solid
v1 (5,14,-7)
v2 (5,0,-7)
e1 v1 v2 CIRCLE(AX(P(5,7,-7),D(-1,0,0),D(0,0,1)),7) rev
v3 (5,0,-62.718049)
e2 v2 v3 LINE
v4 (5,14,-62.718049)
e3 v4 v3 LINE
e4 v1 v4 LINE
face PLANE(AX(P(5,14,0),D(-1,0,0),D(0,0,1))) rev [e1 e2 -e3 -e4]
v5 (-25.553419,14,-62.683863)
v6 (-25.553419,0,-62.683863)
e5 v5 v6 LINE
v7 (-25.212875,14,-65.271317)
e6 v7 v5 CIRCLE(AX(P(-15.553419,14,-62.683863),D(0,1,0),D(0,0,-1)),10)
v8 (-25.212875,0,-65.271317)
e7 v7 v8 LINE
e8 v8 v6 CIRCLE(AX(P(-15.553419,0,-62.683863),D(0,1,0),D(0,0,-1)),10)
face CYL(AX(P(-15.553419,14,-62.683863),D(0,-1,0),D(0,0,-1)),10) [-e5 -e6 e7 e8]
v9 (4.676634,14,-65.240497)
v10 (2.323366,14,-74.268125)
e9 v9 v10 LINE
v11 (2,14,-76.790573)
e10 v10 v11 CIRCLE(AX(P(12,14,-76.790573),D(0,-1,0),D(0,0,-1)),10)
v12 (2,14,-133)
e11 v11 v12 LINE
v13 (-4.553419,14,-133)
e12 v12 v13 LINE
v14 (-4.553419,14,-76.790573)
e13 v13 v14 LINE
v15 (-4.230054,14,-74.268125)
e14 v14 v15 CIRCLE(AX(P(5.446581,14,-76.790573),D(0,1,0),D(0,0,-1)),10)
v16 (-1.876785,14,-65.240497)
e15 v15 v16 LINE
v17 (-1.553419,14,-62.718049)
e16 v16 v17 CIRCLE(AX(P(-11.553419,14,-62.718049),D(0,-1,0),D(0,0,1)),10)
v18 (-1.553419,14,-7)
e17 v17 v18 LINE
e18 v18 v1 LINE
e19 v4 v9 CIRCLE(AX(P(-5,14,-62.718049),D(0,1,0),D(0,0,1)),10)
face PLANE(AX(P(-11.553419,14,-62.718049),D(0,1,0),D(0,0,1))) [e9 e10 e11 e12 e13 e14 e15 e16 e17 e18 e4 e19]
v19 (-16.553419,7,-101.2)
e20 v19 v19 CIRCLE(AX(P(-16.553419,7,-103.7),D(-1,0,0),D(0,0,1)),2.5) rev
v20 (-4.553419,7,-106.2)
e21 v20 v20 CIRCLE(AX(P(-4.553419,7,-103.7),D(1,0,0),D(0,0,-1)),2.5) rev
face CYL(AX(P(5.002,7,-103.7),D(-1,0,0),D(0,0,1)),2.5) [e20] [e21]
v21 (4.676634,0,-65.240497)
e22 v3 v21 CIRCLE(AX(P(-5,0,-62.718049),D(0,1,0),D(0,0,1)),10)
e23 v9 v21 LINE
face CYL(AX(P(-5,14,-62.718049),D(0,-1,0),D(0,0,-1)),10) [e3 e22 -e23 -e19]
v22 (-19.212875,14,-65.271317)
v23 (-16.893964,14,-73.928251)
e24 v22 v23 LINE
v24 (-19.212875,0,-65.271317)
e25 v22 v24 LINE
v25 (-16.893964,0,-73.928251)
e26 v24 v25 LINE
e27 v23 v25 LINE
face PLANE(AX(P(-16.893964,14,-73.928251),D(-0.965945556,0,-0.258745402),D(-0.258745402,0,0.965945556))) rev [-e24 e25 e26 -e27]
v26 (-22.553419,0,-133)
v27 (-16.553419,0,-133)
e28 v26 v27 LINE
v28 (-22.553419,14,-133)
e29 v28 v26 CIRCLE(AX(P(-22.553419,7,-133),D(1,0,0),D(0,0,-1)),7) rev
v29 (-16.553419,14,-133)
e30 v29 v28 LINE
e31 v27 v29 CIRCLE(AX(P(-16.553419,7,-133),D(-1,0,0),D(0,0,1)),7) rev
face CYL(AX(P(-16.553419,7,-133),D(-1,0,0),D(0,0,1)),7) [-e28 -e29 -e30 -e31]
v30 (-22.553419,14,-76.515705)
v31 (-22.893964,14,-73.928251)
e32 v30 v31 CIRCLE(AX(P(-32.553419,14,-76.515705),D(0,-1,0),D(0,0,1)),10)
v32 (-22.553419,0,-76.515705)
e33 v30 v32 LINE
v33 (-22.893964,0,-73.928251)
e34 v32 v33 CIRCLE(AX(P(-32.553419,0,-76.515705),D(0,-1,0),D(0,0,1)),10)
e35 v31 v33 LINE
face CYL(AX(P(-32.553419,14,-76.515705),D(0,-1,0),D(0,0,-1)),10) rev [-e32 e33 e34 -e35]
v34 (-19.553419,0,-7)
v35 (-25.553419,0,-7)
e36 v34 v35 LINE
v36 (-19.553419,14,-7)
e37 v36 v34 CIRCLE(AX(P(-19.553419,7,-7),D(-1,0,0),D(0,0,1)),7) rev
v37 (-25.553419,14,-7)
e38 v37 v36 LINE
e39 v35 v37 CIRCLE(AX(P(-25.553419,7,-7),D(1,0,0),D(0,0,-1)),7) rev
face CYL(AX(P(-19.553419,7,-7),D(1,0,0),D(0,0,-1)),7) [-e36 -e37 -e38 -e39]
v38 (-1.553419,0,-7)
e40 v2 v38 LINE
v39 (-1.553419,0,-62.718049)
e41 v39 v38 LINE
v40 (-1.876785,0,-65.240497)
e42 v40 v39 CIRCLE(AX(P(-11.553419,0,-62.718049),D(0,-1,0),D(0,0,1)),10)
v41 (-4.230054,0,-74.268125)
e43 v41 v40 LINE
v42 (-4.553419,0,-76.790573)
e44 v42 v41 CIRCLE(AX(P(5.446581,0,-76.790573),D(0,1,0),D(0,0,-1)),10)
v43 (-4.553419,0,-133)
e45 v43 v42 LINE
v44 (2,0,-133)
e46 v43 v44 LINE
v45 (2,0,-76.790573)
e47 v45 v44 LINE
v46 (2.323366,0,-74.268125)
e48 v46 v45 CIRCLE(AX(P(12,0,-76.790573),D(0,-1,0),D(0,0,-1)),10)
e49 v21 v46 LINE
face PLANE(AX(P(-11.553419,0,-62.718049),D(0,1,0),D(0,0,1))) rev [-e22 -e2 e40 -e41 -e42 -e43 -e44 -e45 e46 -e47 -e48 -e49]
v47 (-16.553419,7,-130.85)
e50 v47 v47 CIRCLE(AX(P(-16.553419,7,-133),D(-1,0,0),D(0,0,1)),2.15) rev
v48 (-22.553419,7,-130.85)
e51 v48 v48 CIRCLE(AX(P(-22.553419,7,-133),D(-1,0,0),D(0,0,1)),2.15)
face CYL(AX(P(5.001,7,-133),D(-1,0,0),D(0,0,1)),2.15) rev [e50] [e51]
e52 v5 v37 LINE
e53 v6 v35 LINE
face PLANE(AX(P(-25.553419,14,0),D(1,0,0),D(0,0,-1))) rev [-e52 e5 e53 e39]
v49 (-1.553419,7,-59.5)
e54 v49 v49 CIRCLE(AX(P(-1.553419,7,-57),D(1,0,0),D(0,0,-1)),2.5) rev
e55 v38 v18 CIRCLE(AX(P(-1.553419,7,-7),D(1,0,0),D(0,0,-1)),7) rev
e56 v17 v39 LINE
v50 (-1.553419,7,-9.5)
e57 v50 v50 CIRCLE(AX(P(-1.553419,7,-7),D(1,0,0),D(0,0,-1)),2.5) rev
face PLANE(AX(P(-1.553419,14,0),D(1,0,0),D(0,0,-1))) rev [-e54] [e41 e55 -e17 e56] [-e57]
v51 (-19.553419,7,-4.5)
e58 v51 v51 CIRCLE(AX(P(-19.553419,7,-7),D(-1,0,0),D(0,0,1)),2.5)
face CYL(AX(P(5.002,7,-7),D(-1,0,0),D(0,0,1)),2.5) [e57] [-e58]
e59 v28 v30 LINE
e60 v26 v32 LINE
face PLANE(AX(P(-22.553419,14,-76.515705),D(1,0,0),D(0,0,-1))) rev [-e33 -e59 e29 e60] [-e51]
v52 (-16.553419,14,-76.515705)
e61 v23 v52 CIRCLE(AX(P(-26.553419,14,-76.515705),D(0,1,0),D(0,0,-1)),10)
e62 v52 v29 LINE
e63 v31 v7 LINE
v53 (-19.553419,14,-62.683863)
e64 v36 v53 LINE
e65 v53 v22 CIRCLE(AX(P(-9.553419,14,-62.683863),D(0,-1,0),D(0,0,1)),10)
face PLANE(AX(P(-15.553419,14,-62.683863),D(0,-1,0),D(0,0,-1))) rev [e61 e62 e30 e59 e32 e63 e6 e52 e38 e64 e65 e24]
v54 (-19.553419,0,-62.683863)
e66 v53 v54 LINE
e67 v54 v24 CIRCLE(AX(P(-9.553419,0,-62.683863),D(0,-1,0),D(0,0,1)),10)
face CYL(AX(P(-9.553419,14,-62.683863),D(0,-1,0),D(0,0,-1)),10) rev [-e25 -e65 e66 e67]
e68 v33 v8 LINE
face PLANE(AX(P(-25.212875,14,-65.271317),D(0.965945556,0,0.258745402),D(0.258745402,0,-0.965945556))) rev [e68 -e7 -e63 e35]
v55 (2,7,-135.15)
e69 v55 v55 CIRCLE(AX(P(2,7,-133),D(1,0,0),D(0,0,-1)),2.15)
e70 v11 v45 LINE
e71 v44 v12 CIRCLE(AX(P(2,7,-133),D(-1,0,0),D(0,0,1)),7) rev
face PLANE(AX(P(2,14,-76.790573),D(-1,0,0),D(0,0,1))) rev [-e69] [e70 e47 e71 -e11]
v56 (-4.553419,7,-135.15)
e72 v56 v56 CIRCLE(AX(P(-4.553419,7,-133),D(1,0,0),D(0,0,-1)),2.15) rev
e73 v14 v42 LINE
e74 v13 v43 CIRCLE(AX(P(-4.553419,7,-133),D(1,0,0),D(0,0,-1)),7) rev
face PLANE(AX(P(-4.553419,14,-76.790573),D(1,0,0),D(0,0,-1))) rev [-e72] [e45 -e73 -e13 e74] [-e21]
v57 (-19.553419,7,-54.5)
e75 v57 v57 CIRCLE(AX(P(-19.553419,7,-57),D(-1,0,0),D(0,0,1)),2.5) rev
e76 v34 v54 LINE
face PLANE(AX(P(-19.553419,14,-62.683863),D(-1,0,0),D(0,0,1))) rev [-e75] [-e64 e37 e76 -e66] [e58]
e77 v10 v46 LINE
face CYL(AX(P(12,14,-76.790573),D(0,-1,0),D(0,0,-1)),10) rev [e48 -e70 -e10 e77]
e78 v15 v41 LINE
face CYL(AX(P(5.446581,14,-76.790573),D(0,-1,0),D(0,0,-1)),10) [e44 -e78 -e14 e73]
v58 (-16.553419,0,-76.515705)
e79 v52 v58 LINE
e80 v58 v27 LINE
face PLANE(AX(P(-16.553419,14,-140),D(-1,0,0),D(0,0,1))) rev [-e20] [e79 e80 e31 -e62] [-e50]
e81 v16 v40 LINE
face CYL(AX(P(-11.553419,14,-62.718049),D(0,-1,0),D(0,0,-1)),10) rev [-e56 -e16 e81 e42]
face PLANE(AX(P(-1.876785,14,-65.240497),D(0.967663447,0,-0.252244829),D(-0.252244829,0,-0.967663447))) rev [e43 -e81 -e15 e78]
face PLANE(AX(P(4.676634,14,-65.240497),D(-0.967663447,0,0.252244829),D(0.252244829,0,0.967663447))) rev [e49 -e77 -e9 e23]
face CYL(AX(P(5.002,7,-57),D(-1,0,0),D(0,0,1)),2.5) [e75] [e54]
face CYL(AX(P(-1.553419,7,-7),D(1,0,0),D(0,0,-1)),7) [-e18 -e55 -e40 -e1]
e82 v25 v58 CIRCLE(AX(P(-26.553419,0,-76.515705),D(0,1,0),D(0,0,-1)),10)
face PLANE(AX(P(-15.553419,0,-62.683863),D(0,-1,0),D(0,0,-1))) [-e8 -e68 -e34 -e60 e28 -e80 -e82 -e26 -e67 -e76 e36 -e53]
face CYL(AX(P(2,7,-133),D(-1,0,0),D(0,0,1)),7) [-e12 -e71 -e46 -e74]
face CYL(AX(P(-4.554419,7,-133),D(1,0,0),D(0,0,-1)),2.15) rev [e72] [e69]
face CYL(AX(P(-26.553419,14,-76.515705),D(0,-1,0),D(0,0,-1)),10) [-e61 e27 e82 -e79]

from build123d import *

# Parameters (mm, degrees)
EXTRUDE_2_DEPTH     = 14
FILLET_1_RADIUS     = 7
FILLET_1_LENGTH     = 6.553419282
FILLET_2_RADIUS     = 7
FILLET_2_LENGTH     = 6.553419282
CUT_EXTRUDE_1_REACH = 142.851
SKETCH_2_R          = 2.15
EXTRUDE_3_DEPTH     = 14
FILLET_3_RADIUS     = 7
FILLET_3_LENGTH     = 6
FILLET_4_RADIUS     = 7
FILLET_4_LENGTH     = 6
EXTRUDE_5_REACH     = 144.825
SKETCH_8_R          = 2.5
CUT_EXTRUDE_5_REACH = 145.371
SKETCH_10_R         = 2.15
EXTRUDE_6_REACH     = 144.34
SKETCH_11_R         = 2.5


with BuildPart() as part:
    # 草图1 → 凸台-拉伸2 (new body)
    with BuildSketch(Plane(origin=(0, 0, 0), x_dir=(1, 0, 0), z_dir=(0, 1, 0))):
        with BuildLine():
            Line((5, 0), (5, 62.718048915))
            ThreePointArc((5, 62.718048915), (4.918829182, 63.989594298), (4.676634468, 65.240497206))
            Line((4.676634468, 65.240497206), (2.323365532, 74.268124597))
            ThreePointArc((2.323365532, 74.268124597), (2.081170818, 75.519027505), (2, 76.790572889))
            Line((2, 76.790572889), (2, 140))
            Line((2, 140), (-4.553419282, 140))
            Line((-4.553419282, 140), (-4.553419282, 76.790572889))
            ThreePointArc((-4.553419282, 76.790572889), (-4.472248464, 75.519027505), (-4.23005375, 74.268124597))
            Line((-4.23005375, 74.268124597), (-1.876784815, 65.240497206))
            ThreePointArc((-1.876784815, 65.240497206), (-1.6345901, 63.989594298), (-1.553419282, 62.718048915))
            Line((-1.553419282, 62.718048915), (-1.553419282, 0))
            Line((-1.553419282, 0), (5, 0))
        make_face()
    extrude(amount=EXTRUDE_2_DEPTH)

    # 圆角1: full round fillet: the end face becomes a half cylinder, R = half its width
    fillet_1_face = Plane((1.723290359, 7, 0), x_dir=(1, 0, 0), z_dir=(0, 0, 1))  # on the end face: x along it, z out of the body
    fillet_1_slab = fillet_1_face.offset(-FILLET_1_RADIUS / 2) * Box(FILLET_1_LENGTH, 2 * FILLET_1_RADIUS, FILLET_1_RADIUS, mode=Mode.PRIVATE)  # the body's end, R deep
    fillet_1_round = Plane((1.723290359, 7, -7), x_dir=(0, 0, 1), z_dir=(1, 0, 0)) * Cylinder(FILLET_1_RADIUS, FILLET_1_LENGTH, mode=Mode.PRIVATE)  # its axis R under the face
    add(fillet_1_slab - fillet_1_round, mode=Mode.SUBTRACT)

    # 圆角2: full round fillet: the end face becomes a half cylinder, R = half its width
    fillet_2_face = Plane((-1.276709641, 7, -140), x_dir=(-1, 0, 0), z_dir=(0, 0, -1))  # on the end face: x along it, z out of the body
    fillet_2_slab = fillet_2_face.offset(-FILLET_2_RADIUS / 2) * Box(FILLET_2_LENGTH, 2 * FILLET_2_RADIUS, FILLET_2_RADIUS, mode=Mode.PRIVATE)  # the body's end, R deep
    fillet_2_round = Plane((-1.276709641, 7, -133), x_dir=(0, 0, -1), z_dir=(-1, 0, 0)) * Cylinder(FILLET_2_RADIUS, FILLET_2_LENGTH, mode=Mode.PRIVATE)  # its axis R under the face
    add(fillet_2_slab - fillet_2_round, mode=Mode.SUBTRACT)

    # 草图2 → 切除-拉伸1 (cut, up to next)
    with BuildSketch(Plane(origin=(2, 0, 0), x_dir=(0, 0, -1), z_dir=(1, 0, 0)), mode=Mode.PRIVATE) as cut_extrude_1_sk1:
        with Locations((133, 7)):
            Circle(SKETCH_2_R)
    cut_extrude_1_tool1 = extrude(cut_extrude_1_sk1.sketch, amount=-CUT_EXTRUDE_1_REACH, mode=Mode.PRIVATE) & part.part
    add(cut_extrude_1_tool1.solids().sort_by_distance((2, 7, -133))[0], mode=Mode.SUBTRACT)

    # 草图8 → 凸台-拉伸5 (add, up to next)
    with BuildSketch(Plane(origin=(-19.553419282, 0, 0), x_dir=(0, 0, -1), z_dir=(1, 0, 0)), mode=Mode.PRIVATE) as extrude_5_sk1:
        with Locations(Location((7, 7, 0), (0, 0, 180))):
            Circle(SKETCH_8_R)
    extrude_5_tool1 = extrude(extrude_5_sk1.sketch, amount=EXTRUDE_5_REACH, mode=Mode.PRIVATE) - part.part
    # 草图8 → 凸台-拉伸5 (add, up to next)
    with BuildSketch(Plane(origin=(-19.553419282, 0, 0), x_dir=(0, 0, -1), z_dir=(1, 0, 0)), mode=Mode.PRIVATE) as extrude_5_sk2:
        with Locations(Location((57, 7, 0), (0, 0, 180))):
            Circle(SKETCH_8_R)
    extrude_5_tool2 = extrude(extrude_5_sk2.sketch, amount=EXTRUDE_5_REACH, mode=Mode.PRIVATE) - part.part


with BuildPart() as body_2:
    # 草图4 → 凸台-拉伸3 (new body)
    with BuildSketch(Plane(origin=(0, 0, 0), x_dir=(1, 0, 0), z_dir=(0, 1, 0))):
        with BuildLine():
            Line((-19.553419282, 0), (-25.553419282, 0))
            Line((-25.553419282, 0), (-25.553419282, 62.683862831))
            ThreePointArc((-25.553419282, 62.683862831), (-25.467917646, 63.988746812), (-25.212874842, 65.271316849))
            Line((-25.212874842, 65.271316849), (-22.893963723, 73.928250938))
            ThreePointArc((-22.893963723, 73.928250938), (-22.638920919, 75.210820976), (-22.553419282, 76.515704957))
            Line((-22.553419282, 76.515704957), (-22.553419282, 140))
            Line((-22.553419282, 140), (-16.553419282, 140))
            Line((-16.553419282, 140), (-16.553419282, 76.515704957))
            ThreePointArc((-16.553419282, 76.515704957), (-16.638920919, 75.210820976), (-16.893963723, 73.928250938))
            Line((-16.893963723, 73.928250938), (-19.212874842, 65.271316849))
            ThreePointArc((-19.212874842, 65.271316849), (-19.467917646, 63.988746812), (-19.553419282, 62.683862831))
            Line((-19.553419282, 62.683862831), (-19.553419282, 0))
        make_face()
    extrude(amount=EXTRUDE_3_DEPTH)

    # 圆角3: full round fillet: the end face becomes a half cylinder, R = half its width
    fillet_3_face = Plane((-19.553419282, 7, -140), x_dir=(-1, 0, 0), z_dir=(0, 0, -1))  # on the end face: x along it, z out of the body
    fillet_3_slab = fillet_3_face.offset(-FILLET_3_RADIUS / 2) * Box(FILLET_3_LENGTH, 2 * FILLET_3_RADIUS, FILLET_3_RADIUS, mode=Mode.PRIVATE)  # the body's end, R deep
    fillet_3_round = Plane((-19.553419282, 7, -133), x_dir=(0, 0, -1), z_dir=(-1, 0, 0)) * Cylinder(FILLET_3_RADIUS, FILLET_3_LENGTH, mode=Mode.PRIVATE)  # its axis R under the face
    add(fillet_3_slab - fillet_3_round, mode=Mode.SUBTRACT)

    # 圆角4: full round fillet: the end face becomes a half cylinder, R = half its width
    fillet_4_face = Plane((-22.553419282, 7, 0), x_dir=(1, 0, 0), z_dir=(0, 0, 1))  # on the end face: x along it, z out of the body
    fillet_4_slab = fillet_4_face.offset(-FILLET_4_RADIUS / 2) * Box(FILLET_4_LENGTH, 2 * FILLET_4_RADIUS, FILLET_4_RADIUS, mode=Mode.PRIVATE)  # the body's end, R deep
    fillet_4_round = Plane((-22.553419282, 7, -7), x_dir=(0, 0, 1), z_dir=(1, 0, 0)) * Cylinder(FILLET_4_RADIUS, FILLET_4_LENGTH, mode=Mode.PRIVATE)  # its axis R under the face
    add(fillet_4_slab - fillet_4_round, mode=Mode.SUBTRACT)


with BuildPart() as part_1:
    add(part.part)

    add(body_2.part)  # 凸台-拉伸5 merges body 2
    add(extrude_5_tool1.solids().sort_by_distance((-19.553419, 7, -7))[0])
    add(extrude_5_tool2.solids().sort_by_distance((-19.553419, 7, -57))[0])

    # 草图10 → 切除-拉伸5 (cut, up to next)
    with BuildSketch(Plane.ZY.offset(22.553419282), mode=Mode.PRIVATE) as cut_extrude_5_sk1:
        with Locations(Location((-133, 7, 0), (0, 0, 180))):
            Circle(SKETCH_10_R)
    cut_extrude_5_tool1 = extrude(cut_extrude_5_sk1.sketch, amount=-CUT_EXTRUDE_5_REACH, mode=Mode.PRIVATE) & part_1.part
    add(cut_extrude_5_tool1.solids().sort_by_distance((-22.553419, 7, -133))[0], mode=Mode.SUBTRACT)

    # 草图11 → 凸台-拉伸6 (add, up to next)
    with BuildSketch(Plane(origin=(-16.553419282, 0, 0), x_dir=(0, 0, -1), z_dir=(1, 0, 0)), mode=Mode.PRIVATE) as extrude_6_sk1:
        with Locations(Location((103.7, 7, 0), (0, 0, 180))):
            Circle(SKETCH_11_R)
    extrude_6_tool1 = extrude(extrude_6_sk1.sketch, amount=EXTRUDE_6_REACH, mode=Mode.PRIVATE) - part_1.part
    add(extrude_6_tool1.solids().sort_by_distance((-16.553419, 7, -103.7))[0])


solid = part_1.part
